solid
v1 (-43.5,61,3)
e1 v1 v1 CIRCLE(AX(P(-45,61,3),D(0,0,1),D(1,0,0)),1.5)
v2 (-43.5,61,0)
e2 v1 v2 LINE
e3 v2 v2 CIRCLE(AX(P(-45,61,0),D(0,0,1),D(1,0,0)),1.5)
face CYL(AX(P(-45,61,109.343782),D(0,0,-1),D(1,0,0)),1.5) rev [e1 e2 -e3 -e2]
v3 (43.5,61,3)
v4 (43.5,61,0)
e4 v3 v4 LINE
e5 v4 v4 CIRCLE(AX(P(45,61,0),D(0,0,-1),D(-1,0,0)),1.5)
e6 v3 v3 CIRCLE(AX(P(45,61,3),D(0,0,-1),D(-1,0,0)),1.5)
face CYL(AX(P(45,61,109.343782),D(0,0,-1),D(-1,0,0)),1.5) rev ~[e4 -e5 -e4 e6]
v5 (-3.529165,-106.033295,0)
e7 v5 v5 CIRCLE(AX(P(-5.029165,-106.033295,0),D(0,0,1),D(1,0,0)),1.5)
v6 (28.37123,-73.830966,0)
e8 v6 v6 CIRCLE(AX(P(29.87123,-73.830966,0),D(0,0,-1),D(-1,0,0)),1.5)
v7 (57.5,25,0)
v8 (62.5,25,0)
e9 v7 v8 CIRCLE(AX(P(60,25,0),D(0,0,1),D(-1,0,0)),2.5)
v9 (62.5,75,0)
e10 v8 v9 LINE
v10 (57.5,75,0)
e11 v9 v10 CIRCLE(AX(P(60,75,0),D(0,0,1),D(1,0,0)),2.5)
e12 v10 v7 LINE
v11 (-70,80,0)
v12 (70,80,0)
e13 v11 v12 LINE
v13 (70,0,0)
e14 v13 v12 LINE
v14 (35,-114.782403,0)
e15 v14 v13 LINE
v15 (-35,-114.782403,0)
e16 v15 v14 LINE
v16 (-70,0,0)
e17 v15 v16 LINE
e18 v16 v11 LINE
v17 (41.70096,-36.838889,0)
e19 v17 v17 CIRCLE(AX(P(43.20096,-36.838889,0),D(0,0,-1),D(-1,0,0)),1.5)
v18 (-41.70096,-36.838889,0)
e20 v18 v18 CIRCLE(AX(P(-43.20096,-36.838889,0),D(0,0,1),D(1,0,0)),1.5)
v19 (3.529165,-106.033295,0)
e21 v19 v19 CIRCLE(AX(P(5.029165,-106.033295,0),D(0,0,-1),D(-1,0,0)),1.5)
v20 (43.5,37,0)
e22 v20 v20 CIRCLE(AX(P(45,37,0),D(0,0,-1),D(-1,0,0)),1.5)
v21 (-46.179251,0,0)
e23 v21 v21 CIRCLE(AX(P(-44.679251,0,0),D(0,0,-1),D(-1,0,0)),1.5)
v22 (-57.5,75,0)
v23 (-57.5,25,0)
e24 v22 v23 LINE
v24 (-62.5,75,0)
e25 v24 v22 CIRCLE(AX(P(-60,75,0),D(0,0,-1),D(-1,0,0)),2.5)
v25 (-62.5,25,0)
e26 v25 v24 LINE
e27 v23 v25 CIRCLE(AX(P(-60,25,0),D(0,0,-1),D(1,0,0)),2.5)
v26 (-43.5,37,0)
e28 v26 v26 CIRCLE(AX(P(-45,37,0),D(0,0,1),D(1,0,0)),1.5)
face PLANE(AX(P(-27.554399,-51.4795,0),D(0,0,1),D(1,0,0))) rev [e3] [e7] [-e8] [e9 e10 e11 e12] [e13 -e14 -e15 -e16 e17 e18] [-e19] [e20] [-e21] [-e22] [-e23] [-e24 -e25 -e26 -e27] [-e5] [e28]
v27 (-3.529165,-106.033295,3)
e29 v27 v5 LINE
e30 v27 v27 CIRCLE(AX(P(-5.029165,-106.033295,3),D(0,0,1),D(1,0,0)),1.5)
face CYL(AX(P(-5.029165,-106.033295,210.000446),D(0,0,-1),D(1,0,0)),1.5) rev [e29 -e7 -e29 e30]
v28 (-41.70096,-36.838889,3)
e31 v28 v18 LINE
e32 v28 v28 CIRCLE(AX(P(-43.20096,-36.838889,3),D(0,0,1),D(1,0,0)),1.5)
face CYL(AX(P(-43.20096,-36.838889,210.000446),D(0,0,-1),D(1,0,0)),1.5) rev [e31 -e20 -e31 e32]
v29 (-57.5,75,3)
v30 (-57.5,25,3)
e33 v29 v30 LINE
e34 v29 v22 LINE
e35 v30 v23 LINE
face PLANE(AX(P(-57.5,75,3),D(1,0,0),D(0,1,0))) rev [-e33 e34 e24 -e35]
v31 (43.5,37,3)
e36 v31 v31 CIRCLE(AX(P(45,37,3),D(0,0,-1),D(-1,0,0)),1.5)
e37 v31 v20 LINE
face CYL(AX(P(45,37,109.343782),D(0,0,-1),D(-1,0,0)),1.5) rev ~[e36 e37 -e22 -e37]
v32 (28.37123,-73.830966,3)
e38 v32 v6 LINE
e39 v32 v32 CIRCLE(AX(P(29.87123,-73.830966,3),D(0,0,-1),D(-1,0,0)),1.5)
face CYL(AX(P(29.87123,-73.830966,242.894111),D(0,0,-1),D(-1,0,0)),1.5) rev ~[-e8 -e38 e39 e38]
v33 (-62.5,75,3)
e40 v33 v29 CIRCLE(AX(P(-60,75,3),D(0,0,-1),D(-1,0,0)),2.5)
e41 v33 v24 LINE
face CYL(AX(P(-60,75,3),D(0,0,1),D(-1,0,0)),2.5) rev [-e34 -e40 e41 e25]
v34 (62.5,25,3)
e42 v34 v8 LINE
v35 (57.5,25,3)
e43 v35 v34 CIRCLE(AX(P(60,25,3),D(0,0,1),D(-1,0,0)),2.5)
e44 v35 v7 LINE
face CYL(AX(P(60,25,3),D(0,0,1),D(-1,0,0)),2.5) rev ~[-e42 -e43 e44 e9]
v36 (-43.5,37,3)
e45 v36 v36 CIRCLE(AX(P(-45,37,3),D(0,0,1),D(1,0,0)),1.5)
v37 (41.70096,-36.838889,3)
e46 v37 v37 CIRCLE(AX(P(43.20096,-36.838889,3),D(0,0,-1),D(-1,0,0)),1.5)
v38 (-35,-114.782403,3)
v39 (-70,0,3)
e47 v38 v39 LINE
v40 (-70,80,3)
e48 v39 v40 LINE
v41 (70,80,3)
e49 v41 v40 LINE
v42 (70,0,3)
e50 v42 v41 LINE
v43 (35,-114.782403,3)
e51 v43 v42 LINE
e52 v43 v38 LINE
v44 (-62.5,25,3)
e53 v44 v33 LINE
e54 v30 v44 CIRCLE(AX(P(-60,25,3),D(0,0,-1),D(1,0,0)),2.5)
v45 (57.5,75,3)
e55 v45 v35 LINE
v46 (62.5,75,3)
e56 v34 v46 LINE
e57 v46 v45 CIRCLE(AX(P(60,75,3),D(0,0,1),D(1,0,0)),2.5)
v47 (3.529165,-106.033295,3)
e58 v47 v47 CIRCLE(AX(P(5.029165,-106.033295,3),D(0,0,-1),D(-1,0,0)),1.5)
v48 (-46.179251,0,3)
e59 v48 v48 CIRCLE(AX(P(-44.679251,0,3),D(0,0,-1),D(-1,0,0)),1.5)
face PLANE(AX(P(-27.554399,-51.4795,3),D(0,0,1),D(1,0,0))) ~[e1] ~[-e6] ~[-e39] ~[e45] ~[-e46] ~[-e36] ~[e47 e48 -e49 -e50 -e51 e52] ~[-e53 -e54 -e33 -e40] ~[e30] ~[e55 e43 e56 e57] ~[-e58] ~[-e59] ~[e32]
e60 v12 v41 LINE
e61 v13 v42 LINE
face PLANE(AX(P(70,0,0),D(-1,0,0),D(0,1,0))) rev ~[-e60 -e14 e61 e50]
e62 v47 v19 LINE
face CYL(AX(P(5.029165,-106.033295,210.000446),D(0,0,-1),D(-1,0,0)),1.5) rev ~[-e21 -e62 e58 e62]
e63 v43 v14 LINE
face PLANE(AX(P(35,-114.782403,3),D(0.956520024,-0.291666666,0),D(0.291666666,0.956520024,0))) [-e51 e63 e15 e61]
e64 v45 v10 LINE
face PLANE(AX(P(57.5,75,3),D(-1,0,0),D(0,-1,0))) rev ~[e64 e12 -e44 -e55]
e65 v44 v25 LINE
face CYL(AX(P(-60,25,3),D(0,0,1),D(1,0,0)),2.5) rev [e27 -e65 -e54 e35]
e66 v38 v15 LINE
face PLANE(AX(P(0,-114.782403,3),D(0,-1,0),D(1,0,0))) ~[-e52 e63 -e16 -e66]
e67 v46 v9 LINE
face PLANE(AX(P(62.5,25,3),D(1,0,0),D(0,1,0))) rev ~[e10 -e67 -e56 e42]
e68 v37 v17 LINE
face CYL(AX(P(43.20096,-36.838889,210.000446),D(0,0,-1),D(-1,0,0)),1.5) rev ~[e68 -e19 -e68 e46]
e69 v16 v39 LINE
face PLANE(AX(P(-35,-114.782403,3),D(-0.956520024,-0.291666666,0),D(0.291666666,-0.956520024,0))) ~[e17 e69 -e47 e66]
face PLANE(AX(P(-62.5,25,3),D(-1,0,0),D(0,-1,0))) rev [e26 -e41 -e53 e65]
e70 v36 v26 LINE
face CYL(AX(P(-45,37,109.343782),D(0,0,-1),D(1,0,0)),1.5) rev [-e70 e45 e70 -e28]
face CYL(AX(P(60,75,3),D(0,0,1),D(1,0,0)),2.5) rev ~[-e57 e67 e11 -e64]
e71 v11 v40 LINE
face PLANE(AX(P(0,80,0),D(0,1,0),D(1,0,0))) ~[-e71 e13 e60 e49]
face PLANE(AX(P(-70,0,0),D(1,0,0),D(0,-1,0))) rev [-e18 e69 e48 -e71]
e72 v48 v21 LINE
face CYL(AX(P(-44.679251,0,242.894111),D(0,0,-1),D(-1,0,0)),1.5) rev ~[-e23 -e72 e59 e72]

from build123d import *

# Parameters (mm, degrees)
F0_W      = 70
F0_H      = 80
F1_DEPTH  = 3
F3_D      = 3
F7_DEPTH  = 3
F9_D      = 3
F11_D     = 3
F12_DEPTH = 25
F15_D     = 3
F17_D     = 3


with BuildPart() as f1:
    # F0 (on Top) → F1 (new body)
    with BuildSketch(Plane.XY):
        with Locations((35, 40)):
            Rectangle(F0_W, F0_H)
    extrude(amount=F1_DEPTH)

    # F3 (through all)
    with Locations(Plane.XY.offset(3)):
        with Locations((45, 61), (45, 37)):
            Hole(F3_D / 2)

    # F6 (on face) → F7 (join)
    with BuildSketch(Plane.XY.offset(3)):
        Polygon((35, -114.782403), (70, 0), (0, 0), (0, -114.782403), align=None)
    extrude(amount=-F7_DEPTH)

    # F9 (through all)
    with Locations(Plane.XY.offset(3)):
        with Locations((-41.79904, -36.838889), (43.20096, -36.838889)):
            Hole(F9_D / 2)

    # F11 (through all)
    with Locations(Plane.XY.offset(3)):
        with Locations((-13.970835, -106.033295), (5.029165, -106.033295)):
            Hole(F11_D / 2)

    # F5 (on face) → F12 (cut)
    with BuildSketch(Plane.XY.offset(3)):
        with BuildLine():
            ThreePointArc((62.5, 75), (60, 77.5), (57.5, 75))
            Line((57.5, 75), (57.5, 25))
            ThreePointArc((57.5, 25), (60, 22.5), (62.5, 25))
            Line((62.5, 25), (62.5, 75))
        make_face()
    extrude(amount=-F12_DEPTH, mode=Mode.SUBTRACT)

    # F14: F1 across plane


with BuildPart() as f1_1:
    add(f1.part)
    add(f1.part.mirror(Plane.YZ))

    # F15 (through all)
    with Locations(Plane.XY.offset(3)):
        with Locations((29.87123, -73.830966)):
            Hole(F15_D / 2)

    # F17 (through all)
    with Locations(Plane.XY.offset(3)):
        with Locations((-44.679251, 0)):
            Hole(F17_D / 2)


solid = f1_1.part
